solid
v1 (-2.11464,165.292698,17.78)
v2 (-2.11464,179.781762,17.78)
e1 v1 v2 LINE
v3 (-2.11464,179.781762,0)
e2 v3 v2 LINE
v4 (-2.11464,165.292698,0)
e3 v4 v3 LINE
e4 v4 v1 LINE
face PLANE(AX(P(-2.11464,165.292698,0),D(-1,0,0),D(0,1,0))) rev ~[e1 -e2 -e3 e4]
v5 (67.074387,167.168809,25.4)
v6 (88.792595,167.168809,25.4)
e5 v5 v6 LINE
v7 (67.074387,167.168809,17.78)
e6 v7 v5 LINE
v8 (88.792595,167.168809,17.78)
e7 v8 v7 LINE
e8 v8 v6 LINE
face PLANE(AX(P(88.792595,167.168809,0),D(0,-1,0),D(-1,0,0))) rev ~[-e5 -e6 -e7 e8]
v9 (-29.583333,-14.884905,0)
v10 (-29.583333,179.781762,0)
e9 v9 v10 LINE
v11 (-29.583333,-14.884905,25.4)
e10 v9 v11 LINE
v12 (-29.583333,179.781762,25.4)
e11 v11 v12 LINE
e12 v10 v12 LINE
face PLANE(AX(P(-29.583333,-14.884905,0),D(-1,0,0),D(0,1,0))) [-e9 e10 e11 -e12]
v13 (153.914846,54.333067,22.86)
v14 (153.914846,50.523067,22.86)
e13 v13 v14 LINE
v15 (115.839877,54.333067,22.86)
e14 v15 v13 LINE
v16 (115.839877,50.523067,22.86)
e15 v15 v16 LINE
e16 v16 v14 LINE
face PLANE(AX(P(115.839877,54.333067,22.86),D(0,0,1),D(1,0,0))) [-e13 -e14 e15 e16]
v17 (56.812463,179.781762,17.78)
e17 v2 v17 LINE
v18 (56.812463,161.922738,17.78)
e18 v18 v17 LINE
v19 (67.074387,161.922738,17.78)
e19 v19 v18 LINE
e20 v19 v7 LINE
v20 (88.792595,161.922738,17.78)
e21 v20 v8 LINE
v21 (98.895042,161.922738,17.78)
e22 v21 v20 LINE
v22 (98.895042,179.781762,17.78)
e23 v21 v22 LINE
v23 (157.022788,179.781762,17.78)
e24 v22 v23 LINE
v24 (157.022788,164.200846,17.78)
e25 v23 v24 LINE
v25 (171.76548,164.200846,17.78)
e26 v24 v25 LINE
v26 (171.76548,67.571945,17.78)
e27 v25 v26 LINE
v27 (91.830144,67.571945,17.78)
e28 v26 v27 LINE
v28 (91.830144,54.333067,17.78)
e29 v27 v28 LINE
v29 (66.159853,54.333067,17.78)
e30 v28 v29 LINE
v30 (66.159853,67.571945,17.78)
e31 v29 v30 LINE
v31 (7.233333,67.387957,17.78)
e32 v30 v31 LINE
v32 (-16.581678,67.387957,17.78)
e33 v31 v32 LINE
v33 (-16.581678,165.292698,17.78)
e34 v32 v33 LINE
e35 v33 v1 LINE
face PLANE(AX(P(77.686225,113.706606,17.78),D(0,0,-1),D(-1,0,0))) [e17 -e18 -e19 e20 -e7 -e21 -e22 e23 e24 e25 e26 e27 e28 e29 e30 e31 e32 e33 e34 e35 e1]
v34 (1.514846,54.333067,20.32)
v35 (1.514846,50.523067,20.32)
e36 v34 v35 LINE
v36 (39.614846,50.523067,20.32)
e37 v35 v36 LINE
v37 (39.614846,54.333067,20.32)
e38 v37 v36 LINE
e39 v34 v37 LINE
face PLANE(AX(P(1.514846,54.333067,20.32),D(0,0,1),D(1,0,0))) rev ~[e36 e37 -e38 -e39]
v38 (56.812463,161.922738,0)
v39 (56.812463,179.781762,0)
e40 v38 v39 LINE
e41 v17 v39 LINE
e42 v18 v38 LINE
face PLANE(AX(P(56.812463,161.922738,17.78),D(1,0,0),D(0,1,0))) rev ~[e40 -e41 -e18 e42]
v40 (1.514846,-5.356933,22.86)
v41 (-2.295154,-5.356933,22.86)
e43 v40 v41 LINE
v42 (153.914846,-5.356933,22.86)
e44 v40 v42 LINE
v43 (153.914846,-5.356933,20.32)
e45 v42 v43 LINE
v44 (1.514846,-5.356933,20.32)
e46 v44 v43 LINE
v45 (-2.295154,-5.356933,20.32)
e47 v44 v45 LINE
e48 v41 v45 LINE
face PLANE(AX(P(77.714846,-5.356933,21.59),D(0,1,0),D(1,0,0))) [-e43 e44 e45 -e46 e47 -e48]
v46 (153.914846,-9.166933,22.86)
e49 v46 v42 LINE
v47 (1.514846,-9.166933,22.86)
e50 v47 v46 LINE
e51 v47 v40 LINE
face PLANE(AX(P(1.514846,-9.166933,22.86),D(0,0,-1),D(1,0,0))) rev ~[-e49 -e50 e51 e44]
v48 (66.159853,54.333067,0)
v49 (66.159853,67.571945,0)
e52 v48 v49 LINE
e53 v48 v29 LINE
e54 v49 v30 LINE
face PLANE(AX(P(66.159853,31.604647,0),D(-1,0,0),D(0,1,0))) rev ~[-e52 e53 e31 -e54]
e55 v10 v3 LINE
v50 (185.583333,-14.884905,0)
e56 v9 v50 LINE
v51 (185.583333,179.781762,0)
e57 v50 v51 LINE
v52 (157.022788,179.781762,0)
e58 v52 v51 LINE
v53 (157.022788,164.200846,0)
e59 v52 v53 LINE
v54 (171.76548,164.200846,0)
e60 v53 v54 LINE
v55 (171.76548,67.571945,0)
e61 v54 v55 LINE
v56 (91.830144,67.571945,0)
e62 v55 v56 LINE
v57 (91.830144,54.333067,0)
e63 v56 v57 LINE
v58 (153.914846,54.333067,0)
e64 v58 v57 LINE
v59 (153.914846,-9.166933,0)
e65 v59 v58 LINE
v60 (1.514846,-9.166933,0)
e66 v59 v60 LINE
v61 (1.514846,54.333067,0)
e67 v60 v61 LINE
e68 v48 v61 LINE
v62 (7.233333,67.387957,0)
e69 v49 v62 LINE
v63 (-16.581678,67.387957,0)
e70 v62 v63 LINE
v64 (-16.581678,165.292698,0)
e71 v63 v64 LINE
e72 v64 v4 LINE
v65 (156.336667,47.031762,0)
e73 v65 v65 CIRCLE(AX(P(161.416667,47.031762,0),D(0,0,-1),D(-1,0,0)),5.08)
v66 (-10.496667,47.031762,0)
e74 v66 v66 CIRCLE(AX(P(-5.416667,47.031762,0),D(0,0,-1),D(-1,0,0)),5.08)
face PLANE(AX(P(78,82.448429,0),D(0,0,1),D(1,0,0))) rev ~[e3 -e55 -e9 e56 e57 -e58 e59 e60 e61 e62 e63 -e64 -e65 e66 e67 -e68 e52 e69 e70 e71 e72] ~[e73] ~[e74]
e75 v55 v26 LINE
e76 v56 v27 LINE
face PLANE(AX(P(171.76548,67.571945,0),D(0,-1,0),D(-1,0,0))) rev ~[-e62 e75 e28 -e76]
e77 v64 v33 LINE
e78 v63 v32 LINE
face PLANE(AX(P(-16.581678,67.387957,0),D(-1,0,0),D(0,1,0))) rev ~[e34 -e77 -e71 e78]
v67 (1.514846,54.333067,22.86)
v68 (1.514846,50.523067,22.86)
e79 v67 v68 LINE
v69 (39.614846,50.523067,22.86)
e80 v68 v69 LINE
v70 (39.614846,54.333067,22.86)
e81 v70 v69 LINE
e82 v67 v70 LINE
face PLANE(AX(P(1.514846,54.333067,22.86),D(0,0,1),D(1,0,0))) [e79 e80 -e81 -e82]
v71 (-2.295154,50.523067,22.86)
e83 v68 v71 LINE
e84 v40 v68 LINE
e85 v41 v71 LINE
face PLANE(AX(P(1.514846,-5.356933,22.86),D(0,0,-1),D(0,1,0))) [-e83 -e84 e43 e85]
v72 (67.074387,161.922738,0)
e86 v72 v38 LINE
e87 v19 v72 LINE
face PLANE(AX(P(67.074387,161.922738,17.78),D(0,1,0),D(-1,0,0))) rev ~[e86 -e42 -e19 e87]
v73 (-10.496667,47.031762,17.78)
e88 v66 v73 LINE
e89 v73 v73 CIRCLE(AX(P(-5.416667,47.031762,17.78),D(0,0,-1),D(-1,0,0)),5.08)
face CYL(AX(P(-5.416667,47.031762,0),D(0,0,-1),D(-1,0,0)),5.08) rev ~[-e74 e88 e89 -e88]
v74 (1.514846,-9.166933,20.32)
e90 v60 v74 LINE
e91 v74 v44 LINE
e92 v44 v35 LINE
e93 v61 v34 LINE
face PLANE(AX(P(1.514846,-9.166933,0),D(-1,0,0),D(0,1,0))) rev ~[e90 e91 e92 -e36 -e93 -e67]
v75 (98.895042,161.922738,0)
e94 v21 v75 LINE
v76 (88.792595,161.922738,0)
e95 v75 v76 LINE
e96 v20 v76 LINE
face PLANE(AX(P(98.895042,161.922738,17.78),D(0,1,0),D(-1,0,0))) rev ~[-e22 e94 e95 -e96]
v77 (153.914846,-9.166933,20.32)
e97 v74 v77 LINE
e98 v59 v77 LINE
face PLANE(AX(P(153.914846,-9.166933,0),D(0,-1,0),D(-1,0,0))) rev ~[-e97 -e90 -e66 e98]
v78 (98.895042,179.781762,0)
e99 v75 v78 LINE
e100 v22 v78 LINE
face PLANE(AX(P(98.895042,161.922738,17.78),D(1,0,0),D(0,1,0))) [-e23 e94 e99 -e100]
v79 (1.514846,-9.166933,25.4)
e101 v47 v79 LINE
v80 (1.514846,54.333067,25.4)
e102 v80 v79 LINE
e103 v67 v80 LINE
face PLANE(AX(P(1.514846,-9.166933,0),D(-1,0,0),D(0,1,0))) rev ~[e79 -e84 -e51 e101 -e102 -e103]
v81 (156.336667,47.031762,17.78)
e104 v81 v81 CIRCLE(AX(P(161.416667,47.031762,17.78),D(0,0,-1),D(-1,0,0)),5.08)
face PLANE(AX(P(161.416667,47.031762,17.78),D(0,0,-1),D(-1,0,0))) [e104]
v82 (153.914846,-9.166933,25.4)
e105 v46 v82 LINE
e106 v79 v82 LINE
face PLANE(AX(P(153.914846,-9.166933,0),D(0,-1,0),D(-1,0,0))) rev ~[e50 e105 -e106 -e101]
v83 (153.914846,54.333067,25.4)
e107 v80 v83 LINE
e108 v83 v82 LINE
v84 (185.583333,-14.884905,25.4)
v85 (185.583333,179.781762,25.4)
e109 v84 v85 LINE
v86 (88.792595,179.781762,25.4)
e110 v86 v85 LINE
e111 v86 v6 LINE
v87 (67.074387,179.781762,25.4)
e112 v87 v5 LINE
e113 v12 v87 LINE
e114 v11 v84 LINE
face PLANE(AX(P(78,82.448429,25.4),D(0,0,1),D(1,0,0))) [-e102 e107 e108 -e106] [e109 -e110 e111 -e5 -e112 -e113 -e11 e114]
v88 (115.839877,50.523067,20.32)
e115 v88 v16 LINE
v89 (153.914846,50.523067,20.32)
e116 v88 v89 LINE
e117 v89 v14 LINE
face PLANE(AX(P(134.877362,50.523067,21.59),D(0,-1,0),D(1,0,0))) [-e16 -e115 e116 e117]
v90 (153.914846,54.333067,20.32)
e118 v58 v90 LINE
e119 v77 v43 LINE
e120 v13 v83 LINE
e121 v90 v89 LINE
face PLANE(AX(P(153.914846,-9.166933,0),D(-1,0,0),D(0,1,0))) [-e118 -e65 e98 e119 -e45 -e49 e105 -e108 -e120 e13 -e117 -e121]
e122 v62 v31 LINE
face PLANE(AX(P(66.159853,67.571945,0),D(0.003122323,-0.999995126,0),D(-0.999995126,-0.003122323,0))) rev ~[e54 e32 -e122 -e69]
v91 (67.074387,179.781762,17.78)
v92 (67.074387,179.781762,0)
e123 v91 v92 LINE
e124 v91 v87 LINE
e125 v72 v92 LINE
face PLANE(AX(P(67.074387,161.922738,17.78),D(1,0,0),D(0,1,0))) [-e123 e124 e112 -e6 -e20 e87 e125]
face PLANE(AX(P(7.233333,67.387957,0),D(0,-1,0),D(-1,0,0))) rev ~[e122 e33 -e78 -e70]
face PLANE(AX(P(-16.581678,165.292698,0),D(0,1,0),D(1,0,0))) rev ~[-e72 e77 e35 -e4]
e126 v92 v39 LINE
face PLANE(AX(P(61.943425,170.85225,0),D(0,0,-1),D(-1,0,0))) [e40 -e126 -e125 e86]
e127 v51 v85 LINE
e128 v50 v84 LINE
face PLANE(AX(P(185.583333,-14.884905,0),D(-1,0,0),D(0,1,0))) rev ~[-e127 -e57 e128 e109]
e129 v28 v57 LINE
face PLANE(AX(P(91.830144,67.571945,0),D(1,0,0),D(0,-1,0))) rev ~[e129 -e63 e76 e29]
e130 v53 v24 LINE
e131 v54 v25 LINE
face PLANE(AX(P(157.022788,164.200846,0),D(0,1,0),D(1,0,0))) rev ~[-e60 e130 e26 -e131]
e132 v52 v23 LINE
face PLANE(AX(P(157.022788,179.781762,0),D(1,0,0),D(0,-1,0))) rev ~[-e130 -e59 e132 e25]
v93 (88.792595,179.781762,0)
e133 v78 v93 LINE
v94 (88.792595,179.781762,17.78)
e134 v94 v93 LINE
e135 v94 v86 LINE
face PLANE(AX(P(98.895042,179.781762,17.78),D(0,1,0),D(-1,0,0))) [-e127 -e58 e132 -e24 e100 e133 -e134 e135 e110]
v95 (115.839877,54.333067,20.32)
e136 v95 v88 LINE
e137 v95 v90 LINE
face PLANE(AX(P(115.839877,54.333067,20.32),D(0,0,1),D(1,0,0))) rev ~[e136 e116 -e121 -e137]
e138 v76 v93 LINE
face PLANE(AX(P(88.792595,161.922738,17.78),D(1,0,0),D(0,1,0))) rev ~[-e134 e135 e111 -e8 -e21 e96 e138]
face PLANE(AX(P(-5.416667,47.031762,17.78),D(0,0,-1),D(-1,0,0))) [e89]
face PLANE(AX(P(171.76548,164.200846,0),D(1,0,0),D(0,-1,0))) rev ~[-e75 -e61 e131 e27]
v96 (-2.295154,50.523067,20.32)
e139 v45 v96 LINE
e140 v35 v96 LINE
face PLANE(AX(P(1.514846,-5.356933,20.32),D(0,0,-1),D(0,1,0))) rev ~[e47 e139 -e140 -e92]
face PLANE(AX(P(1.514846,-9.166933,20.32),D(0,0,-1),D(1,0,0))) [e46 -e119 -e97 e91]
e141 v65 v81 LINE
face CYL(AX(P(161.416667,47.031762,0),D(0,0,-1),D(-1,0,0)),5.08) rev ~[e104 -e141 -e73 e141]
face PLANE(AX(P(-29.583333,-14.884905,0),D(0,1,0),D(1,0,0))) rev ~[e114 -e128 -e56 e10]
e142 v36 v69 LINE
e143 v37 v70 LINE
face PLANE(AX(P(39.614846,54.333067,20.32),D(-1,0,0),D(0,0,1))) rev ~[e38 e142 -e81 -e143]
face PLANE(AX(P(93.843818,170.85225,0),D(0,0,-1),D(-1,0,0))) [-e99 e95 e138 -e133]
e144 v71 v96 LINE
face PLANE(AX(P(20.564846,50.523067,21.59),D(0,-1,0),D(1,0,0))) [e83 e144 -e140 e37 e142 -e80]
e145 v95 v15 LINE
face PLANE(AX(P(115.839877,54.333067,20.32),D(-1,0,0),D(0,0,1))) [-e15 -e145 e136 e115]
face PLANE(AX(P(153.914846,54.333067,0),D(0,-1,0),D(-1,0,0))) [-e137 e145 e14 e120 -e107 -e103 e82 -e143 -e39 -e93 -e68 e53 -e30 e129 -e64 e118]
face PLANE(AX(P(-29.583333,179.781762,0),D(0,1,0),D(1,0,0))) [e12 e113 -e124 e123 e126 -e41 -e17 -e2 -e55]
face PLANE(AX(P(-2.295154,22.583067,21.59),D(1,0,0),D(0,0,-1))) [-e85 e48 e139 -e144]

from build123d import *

# Parameters (mm, degrees)
SKETCH1_W           = 215.166666666
SKETCH1_H           = 194.666666667
BOSS_EXTRUDE1_DEPTH = 25.4
SKETCH2_R           = 5.08
CUT_EXTRUDE1_DEPTH  = 17.78
SKETCH3_W           = 152.4
SKETCH3_H           = 63.5
CUT_EXTRUDE2_DEPTH  = 26.4
SKETCH4_W           = 21.718207711
SKETCH4_H           = 12.612953238
CUT_EXTRUDE3_DEPTH  = 26.4
SKETCH6_W           = 38.1
SKETCH6_H           = 2.54
SKETCH6_W_2         = 38.074968348
BOSS_EXTRUDE2_DEPTH = 3.81
SKETCH8_W           = 152.4
SKETCH8_H           = 2.54
BOSS_EXTRUDE3_DEPTH = 3.81
SKETCH9_W           = 2.54
SKETCH9_H           = 55.88
CUT_EXTRUDE8_DEPTH  = 3.81
SKETCH10_W          = 10.102446857
SKETCH10_H          = 17.859023659
SKETCH10_W_2        = 10.26192437
BOSS_EXTRUDE4_DEPTH = 17.78


with BuildPart() as part:
    # Sketch1 → Boss-Extrude1 (new body)
    with BuildSketch(Plane.XY):
        with Locations((78, 82.448428597)):
            Rectangle(SKETCH1_W, SKETCH1_H)
    extrude(amount=BOSS_EXTRUDE1_DEPTH)

    # Sketch2 → Cut-Extrude1 (cut)
    with BuildSketch(Plane(origin=(0, 0, 0), x_dir=(-1, 0, 0), z_dir=(0, 0, -1))):
        with Locations((5.416666667, 47.03176193)):
            Circle(SKETCH2_R)
        with Locations((-161.416666667, 47.03176193)):
            Circle(SKETCH2_R)
        Polygon((2.114639597, 179.78176193), (-157.022787609, 179.78176193), (-157.022787609, 164.200846175), (-171.765480067, 164.200846175), (-171.765480067, 67.571945264), (-148.766666667, 67.571945264), (-91.83014353, 67.571945264), (-91.83014353, 31.6046473), (-66.159852528, 31.6046473), (-66.159852528, 67.571945264), (-7.233333333, 67.387956716), (16.581678434, 67.387956716), (16.581678434, 165.292698163), (2.114639597, 165.292698163), align=None)
    extrude(amount=-CUT_EXTRUDE1_DEPTH, mode=Mode.SUBTRACT)

    # Sketch3 → Cut-Extrude2 (cut, through all)
    with BuildSketch(Plane(origin=(0, 0, 0), x_dir=(-1, 0, 0), z_dir=(0, 0, -1))):
        with Locations((-77.714845761, 22.583067422)):
            Rectangle(SKETCH3_W, SKETCH3_H)
    extrude(amount=-CUT_EXTRUDE2_DEPTH, mode=Mode.SUBTRACT)

    # Sketch4 → Cut-Extrude3 (cut, through all)
    with BuildSketch(Plane(origin=(0, 0, 0), x_dir=(-1, 0, 0), z_dir=(0, 0, -1))):
        with Locations((-77.933490884, 173.475285311)):
            Rectangle(SKETCH4_W, SKETCH4_H)
    extrude(amount=-CUT_EXTRUDE3_DEPTH, mode=Mode.SUBTRACT)

    # Sketch6 → Boss-Extrude2 (add)
    with BuildSketch(Plane.XZ.offset(-54.333067422)):
        with Locations((20.564845761, 21.59)):
            Rectangle(SKETCH6_W, SKETCH6_H)
        with Locations((134.877361587, 21.59)):
            Rectangle(SKETCH6_W_2, SKETCH6_H)
    extrude(amount=BOSS_EXTRUDE2_DEPTH)

    # Sketch8 → Boss-Extrude3 (add)
    with BuildSketch(Plane(origin=(0, -9.166932578, 0), x_dir=(1, 0, 0), z_dir=(0, 1, 0))):
        with Locations((77.714845761, -21.59)):
            Rectangle(SKETCH8_W, SKETCH8_H)
    extrude(amount=BOSS_EXTRUDE3_DEPTH)

    # Sketch9 → Cut-Extrude8 (cut)
    with BuildSketch(Plane(origin=(1.514845761, 0, 0), x_dir=(0, 0, -1), z_dir=(1, 0, 0))):
        with Locations((-21.59, 22.583067422)):
            Rectangle(SKETCH9_W, SKETCH9_H)
    extrude(amount=-CUT_EXTRUDE8_DEPTH, mode=Mode.SUBTRACT)

    # Sketch10 → Boss-Extrude4 (add)
    with BuildSketch(Plane(origin=(0, 0, 17.78), x_dir=(-1, 0, 0), z_dir=(0, 0, -1))):
        with Locations((-93.843818168, 170.852250101)):
            Rectangle(SKETCH10_W, SKETCH10_H)
        with Locations((-61.943424843, 170.852250101)):
            Rectangle(SKETCH10_W_2, SKETCH10_H)
    extrude(amount=BOSS_EXTRUDE4_DEPTH)


solid = part.part
